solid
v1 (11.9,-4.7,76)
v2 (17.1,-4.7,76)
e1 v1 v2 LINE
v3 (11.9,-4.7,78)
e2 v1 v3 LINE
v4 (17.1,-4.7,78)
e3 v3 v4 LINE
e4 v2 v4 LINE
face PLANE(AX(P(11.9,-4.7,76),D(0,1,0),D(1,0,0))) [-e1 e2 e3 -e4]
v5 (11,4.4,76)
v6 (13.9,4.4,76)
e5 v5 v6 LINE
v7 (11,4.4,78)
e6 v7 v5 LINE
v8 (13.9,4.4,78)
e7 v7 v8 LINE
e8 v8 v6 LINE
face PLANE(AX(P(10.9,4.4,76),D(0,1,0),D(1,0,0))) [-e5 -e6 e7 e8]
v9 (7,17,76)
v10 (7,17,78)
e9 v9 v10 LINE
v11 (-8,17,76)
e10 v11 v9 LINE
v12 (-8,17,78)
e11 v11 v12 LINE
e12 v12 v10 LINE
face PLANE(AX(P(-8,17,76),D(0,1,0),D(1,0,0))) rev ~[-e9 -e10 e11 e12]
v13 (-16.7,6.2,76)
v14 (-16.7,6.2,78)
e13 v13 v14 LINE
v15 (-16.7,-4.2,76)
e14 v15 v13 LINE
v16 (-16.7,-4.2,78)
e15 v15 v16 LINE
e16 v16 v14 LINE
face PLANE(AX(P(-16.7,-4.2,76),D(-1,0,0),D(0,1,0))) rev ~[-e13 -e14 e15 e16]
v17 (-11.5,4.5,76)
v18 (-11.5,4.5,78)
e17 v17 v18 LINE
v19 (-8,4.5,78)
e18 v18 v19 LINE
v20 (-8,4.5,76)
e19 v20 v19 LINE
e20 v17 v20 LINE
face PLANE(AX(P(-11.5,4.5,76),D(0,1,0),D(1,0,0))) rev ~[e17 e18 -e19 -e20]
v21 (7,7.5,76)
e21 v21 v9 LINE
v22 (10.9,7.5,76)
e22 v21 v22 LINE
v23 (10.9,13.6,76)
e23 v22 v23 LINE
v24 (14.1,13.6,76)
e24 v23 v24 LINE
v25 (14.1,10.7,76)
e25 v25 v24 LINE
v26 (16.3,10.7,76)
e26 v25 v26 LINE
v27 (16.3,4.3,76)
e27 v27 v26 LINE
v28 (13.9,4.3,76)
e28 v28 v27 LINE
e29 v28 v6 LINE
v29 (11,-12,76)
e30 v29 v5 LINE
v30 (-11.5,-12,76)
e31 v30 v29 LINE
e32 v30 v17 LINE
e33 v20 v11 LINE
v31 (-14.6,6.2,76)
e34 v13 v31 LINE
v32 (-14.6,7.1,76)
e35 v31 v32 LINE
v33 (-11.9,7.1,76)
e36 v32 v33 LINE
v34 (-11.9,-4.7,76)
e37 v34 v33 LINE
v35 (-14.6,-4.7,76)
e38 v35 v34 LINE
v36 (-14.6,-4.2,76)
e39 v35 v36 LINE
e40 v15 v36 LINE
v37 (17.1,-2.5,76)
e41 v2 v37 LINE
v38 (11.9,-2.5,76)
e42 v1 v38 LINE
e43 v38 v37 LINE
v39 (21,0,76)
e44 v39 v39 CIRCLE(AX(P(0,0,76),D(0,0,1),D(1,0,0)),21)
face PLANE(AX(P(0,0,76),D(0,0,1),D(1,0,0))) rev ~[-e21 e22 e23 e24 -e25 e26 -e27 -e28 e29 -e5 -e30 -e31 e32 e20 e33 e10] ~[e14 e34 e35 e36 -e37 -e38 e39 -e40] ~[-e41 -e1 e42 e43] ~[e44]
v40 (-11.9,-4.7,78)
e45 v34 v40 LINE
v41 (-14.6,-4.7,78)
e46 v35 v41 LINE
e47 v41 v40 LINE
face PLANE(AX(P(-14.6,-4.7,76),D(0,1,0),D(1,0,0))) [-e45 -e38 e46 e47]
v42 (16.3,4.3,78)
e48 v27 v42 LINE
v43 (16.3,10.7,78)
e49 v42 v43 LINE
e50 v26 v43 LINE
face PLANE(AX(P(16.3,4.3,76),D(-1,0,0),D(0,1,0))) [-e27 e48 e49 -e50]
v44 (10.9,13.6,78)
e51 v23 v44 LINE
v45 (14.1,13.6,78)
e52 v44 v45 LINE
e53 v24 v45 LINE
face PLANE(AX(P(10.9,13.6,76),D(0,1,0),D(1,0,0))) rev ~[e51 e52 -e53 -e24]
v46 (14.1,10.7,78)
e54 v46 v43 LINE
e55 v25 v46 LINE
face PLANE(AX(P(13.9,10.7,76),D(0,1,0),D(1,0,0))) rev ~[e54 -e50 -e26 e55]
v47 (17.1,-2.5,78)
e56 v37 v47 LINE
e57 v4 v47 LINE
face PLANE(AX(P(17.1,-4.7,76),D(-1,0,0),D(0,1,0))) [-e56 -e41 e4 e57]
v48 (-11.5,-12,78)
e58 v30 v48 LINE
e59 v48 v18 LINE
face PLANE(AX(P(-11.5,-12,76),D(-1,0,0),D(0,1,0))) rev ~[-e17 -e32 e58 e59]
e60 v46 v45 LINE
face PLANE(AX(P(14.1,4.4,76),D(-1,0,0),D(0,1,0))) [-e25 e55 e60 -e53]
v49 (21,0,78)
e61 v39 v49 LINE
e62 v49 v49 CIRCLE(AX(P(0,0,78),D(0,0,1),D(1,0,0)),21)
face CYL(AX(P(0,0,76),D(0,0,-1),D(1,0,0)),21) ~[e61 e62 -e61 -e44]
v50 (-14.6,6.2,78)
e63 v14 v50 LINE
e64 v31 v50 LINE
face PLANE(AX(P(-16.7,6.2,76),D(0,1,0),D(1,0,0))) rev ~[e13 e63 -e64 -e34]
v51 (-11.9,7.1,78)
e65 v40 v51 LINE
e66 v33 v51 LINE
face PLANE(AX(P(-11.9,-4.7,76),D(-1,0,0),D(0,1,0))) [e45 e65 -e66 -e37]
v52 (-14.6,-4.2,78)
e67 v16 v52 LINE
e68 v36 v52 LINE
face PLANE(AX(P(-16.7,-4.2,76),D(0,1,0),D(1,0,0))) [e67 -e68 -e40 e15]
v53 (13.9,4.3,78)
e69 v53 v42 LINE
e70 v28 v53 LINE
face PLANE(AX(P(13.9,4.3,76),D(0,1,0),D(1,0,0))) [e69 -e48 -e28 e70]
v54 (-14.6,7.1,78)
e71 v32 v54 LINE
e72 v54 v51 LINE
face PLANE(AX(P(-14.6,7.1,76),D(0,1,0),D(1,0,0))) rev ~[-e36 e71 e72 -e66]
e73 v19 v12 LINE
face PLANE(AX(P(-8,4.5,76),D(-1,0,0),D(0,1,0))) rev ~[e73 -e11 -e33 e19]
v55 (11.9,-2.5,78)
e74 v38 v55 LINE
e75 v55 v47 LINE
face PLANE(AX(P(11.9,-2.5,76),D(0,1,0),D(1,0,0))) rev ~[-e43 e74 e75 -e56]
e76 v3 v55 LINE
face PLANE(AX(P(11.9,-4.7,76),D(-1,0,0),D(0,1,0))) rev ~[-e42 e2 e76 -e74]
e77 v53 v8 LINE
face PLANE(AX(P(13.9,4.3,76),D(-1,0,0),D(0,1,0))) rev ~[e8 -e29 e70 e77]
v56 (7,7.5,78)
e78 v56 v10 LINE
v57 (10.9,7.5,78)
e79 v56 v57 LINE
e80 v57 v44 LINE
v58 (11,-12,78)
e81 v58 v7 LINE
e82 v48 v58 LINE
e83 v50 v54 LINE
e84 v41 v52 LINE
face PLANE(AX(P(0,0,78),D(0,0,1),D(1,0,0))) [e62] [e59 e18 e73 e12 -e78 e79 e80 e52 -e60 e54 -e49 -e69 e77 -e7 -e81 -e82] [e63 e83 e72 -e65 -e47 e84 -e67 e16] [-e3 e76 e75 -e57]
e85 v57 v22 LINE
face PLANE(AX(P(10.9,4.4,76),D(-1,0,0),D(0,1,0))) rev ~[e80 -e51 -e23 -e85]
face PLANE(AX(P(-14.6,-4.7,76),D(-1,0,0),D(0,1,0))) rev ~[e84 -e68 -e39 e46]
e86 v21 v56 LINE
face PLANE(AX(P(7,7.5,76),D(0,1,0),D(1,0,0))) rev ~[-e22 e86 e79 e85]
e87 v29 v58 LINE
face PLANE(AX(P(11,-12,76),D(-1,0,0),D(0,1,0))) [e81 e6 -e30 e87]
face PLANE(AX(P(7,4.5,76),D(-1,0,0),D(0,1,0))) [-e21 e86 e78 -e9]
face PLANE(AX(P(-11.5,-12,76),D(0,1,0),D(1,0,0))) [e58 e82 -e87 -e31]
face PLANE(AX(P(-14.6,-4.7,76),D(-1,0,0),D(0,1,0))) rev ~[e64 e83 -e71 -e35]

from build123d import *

# Parameters (mm, degrees)
BOX326_W          = 22.5
BOX326_H          = 16.5
BOX326_DEPTH      = 2
BOX327_W          = 15
BOX327_H          = 12.5
BOX327_DEPTH      = 2
BOX319_W          = 2.4
BOX319_H          = 6.4
BOX319_DEPTH      = 2
BOX349_W          = 3.2
BOX349_H          = 9.2
BOX349_DEPTH      = 2
BOX340_W          = 5.2
BOX340_H          = 2.2
BOX340_DEPTH      = 2
BOX339_W          = 2.7
BOX339_H          = 11.8
BOX339_DEPTH      = 2
BOX338_W          = 4
BOX338_H          = 3
BOX338_DEPTH      = 2
BOX320_W          = 2.2
BOX320_H          = 10.4
BOX320_DEPTH      = 2
CYLINDER405_R     = 21
CYLINDER405_DEPTH = 2


with BuildPart() as box326:
    # Box326 → Box326 (new body)
    with BuildSketch(Plane(origin=(-11.5, -12, 76), x_dir=(1, 0, 0), z_dir=(0, 0, 1))):
        with Locations((11.25, 8.25)):
            Rectangle(BOX326_W, BOX326_H)
    extrude(amount=BOX326_DEPTH)


with BuildPart() as box327:
    # Box327 → Box327 (new body)
    with BuildSketch(Plane(origin=(-8, 4.5, 76), x_dir=(1, 0, 0), z_dir=(0, 0, 1))):
        with Locations((7.5, 6.25)):
            Rectangle(BOX327_W, BOX327_H)
    extrude(amount=BOX327_DEPTH)


with BuildPart() as cut_out_narrow_pole:
    # Box319 → Box319 (new body)
    with BuildSketch(Plane(origin=(13.9, 4.3, 76), x_dir=(1, 0, 0), z_dir=(0, 0, 1))):
        with Locations((1.2, 3.2)):
            Rectangle(BOX319_W, BOX319_H)
    extrude(amount=BOX319_DEPTH)


with BuildPart() as box349:
    # Box349 → Box349 (new body)
    with BuildSketch(Plane(origin=(10.9, 4.4, 76), x_dir=(1, 0, 0), z_dir=(0, 0, 1))):
        with Locations((1.6, 4.6)):
            Rectangle(BOX349_W, BOX349_H)
    extrude(amount=BOX349_DEPTH)


with BuildPart() as box340:
    # Box340 → Box340 (new body)
    with BuildSketch(Plane(origin=(11.9, -4.7, 76), x_dir=(1, 0, 0), z_dir=(0, 0, 1))):
        with Locations((2.6, 1.1)):
            Rectangle(BOX340_W, BOX340_H)
    extrude(amount=BOX340_DEPTH)


with BuildPart() as box339:
    # Box339 → Box339 (new body)
    with BuildSketch(Plane(origin=(-14.6, -4.7, 76), x_dir=(1, 0, 0), z_dir=(0, 0, 1))):
        with Locations((1.35, 5.9)):
            Rectangle(BOX339_W, BOX339_H)
    extrude(amount=BOX339_DEPTH)


with BuildPart() as cut_out_connector_mpu6050:
    # Box338 → Box338 (new body)
    with BuildSketch(Plane(origin=(7, 4.5, 76), x_dir=(1, 0, 0), z_dir=(0, 0, 1))):
        with Locations((2, 1.5)):
            Rectangle(BOX338_W, BOX338_H)
    extrude(amount=BOX338_DEPTH)


with BuildPart() as cut_outs002:
    # Box320 → Box320 (new body)
    with BuildSketch(Plane(origin=(-16.7, -4.2, 76), x_dir=(1, 0, 0), z_dir=(0, 0, 1))):
        with Locations((1.1, 5.2)):
            Rectangle(BOX320_W, BOX320_H)
    extrude(amount=BOX320_DEPTH)

    # Fusion090: union Box326, Box327, Cut-out narrow pole, Box349, Box340, Box339, cut-out connector MPU6050
    add(box326.part)
    add(box327.part)
    add(cut_out_narrow_pole.part)
    add(box349.part)
    add(box340.part)
    add(box339.part)
    add(cut_out_connector_mpu6050.part)


with BuildPart() as baseplate:
    # Cylinder405 → Cylinder405 (new body)
    with BuildSketch(Plane.XY.offset(76)):
        Circle(CYLINDER405_R)
    extrude(amount=CYLINDER405_DEPTH)

    # Cut228: cut cut-outs002
    add(cut_outs002.part, mode=Mode.SUBTRACT)


solid = baseplate.part
